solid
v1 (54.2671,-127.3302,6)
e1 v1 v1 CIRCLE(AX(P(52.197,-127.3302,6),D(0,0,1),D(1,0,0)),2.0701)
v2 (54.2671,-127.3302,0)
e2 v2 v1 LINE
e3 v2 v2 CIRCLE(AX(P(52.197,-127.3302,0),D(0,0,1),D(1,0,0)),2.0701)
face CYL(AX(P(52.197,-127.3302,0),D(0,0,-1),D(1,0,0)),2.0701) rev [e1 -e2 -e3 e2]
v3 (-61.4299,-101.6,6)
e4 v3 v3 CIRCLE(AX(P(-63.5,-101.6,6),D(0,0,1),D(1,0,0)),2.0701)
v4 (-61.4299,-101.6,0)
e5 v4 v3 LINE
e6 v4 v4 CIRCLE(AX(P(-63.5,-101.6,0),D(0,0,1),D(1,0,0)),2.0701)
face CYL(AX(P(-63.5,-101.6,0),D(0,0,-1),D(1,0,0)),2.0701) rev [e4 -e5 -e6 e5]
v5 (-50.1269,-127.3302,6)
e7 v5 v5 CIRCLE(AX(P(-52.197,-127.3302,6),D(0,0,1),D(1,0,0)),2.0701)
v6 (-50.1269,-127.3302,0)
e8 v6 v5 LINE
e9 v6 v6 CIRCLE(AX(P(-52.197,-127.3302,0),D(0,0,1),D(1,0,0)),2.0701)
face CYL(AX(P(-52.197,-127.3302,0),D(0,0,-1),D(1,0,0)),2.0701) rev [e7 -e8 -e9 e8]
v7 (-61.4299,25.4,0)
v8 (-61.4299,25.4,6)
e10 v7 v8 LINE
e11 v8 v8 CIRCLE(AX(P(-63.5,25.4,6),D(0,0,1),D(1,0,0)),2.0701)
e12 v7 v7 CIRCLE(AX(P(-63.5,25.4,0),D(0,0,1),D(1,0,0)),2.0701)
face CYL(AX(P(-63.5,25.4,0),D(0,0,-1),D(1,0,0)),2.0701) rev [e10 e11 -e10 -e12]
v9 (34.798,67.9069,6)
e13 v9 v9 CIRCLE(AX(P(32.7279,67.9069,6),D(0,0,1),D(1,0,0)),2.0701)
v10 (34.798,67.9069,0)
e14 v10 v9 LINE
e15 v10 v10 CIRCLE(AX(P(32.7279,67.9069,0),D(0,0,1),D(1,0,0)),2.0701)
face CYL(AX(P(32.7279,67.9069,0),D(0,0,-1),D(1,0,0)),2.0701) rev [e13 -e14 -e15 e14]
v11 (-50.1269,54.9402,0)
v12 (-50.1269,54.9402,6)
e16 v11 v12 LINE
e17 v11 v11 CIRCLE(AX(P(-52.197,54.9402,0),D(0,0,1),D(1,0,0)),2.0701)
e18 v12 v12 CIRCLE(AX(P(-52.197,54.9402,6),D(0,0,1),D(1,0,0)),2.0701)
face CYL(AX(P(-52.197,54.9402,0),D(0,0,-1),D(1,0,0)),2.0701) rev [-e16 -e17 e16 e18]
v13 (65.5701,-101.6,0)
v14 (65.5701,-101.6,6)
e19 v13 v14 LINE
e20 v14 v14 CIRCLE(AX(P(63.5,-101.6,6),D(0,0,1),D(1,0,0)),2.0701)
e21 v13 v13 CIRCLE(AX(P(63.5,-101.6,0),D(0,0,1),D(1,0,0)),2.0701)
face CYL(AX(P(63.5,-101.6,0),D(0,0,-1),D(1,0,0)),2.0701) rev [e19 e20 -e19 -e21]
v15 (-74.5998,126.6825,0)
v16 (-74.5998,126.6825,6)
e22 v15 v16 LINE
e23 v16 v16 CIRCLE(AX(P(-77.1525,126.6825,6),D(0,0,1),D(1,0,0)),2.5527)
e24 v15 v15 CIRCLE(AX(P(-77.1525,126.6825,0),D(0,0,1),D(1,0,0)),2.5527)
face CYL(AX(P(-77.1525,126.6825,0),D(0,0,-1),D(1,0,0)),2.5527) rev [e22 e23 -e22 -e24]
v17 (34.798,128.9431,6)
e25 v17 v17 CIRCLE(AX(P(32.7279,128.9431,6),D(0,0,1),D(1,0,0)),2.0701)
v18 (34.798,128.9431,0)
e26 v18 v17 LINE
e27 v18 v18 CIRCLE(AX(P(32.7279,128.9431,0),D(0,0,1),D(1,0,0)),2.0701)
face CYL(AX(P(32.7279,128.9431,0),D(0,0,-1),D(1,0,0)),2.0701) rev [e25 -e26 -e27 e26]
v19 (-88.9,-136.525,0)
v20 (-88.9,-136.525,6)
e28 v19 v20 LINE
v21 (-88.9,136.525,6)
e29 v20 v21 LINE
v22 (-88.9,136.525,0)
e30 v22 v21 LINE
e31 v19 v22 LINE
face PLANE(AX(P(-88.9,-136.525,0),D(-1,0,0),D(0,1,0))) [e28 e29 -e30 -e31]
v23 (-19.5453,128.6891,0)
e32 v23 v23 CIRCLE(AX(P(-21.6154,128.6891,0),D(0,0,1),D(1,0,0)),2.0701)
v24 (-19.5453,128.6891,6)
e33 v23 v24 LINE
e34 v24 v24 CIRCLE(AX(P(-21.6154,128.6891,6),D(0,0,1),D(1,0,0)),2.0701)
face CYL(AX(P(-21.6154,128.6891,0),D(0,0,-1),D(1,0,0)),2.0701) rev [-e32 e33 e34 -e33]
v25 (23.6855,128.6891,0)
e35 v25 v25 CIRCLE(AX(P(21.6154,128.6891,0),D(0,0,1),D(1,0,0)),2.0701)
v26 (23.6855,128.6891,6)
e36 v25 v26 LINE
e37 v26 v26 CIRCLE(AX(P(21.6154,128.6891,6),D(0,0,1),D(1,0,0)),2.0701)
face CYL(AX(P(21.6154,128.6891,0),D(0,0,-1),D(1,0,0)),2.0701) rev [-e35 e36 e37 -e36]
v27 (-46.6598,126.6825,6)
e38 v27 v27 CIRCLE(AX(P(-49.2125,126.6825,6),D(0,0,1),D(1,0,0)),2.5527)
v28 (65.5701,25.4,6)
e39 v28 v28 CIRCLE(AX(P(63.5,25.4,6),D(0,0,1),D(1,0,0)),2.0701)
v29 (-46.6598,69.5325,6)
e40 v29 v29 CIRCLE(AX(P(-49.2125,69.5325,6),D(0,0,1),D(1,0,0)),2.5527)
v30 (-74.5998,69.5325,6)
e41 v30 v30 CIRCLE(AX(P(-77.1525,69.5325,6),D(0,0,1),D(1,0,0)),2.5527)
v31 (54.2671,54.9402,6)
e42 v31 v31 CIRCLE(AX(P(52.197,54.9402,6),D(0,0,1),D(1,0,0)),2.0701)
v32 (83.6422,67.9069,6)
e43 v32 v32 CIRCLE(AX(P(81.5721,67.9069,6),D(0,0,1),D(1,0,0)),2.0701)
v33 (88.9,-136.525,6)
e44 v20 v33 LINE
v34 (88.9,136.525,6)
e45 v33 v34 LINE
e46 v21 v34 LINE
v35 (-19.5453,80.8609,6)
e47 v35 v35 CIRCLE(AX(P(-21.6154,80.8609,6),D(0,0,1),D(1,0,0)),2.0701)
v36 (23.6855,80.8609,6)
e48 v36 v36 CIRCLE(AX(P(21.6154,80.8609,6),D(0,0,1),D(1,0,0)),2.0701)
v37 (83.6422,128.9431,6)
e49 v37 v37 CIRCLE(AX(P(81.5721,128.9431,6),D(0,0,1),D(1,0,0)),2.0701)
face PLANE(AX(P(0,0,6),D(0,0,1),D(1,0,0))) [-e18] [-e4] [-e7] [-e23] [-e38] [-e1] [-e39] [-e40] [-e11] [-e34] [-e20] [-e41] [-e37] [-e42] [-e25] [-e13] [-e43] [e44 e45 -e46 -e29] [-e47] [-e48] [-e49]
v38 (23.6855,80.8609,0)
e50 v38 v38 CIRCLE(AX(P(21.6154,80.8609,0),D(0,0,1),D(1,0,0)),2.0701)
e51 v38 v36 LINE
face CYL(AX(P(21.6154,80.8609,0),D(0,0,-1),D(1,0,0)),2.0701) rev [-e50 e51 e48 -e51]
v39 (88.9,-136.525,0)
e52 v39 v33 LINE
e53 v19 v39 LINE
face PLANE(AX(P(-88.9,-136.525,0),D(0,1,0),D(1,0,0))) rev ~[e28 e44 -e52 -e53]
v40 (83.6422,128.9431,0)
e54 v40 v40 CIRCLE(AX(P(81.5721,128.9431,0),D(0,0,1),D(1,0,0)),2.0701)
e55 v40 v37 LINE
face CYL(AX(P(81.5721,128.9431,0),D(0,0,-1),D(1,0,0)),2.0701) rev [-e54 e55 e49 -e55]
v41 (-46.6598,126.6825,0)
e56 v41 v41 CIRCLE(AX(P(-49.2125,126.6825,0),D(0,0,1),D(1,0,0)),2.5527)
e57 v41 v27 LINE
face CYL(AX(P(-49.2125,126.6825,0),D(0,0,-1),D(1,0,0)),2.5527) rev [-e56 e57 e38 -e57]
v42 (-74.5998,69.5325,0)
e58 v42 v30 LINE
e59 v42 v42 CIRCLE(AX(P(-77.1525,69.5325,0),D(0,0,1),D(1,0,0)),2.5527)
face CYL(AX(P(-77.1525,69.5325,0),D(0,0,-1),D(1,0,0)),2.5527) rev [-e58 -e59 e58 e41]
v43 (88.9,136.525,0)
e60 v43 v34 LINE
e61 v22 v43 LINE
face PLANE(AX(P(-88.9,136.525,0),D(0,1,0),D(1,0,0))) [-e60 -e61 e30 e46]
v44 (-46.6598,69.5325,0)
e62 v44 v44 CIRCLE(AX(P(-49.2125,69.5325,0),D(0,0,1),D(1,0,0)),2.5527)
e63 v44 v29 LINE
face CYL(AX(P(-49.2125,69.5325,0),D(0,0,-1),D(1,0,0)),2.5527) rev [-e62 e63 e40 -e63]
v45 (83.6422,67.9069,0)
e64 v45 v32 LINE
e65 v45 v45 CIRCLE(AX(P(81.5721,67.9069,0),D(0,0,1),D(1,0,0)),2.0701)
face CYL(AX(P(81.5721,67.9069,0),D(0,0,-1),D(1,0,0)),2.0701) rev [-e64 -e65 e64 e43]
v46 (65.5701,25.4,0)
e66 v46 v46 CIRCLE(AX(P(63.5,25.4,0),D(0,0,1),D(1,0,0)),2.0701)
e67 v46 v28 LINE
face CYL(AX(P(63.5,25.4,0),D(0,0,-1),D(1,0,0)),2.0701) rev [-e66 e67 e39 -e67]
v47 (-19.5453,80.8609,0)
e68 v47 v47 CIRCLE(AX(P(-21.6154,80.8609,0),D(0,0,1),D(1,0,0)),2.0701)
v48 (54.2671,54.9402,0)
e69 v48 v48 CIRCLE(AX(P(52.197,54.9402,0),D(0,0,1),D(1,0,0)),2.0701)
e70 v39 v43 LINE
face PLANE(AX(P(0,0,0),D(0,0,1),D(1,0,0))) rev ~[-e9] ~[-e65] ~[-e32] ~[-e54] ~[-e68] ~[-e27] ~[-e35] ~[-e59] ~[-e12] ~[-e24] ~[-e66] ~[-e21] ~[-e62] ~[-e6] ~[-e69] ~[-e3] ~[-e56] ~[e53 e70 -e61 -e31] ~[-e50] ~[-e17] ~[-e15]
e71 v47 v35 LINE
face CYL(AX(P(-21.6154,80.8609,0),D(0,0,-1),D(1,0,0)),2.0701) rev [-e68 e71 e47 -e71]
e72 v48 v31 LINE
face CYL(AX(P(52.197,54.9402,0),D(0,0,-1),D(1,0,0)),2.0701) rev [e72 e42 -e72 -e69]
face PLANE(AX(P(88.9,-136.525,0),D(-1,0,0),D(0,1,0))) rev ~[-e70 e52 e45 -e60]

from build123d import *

# Parameters (mm, degrees)
F0_W     = 177.8
F0_H     = 273.05
F0_R     = 2.0701
F0_R_2   = 2.5527
F1_DEPTH = 6


with BuildPart() as f1:
    # F0 (on Top) → F1 (new body)
    with BuildSketch(Plane.XY):
        Rectangle(F0_W, F0_H)
        with Locations((-52.197, -127.3302)):
            Circle(F0_R, mode=Mode.SUBTRACT)
        with Locations((-63.5, -101.6)):
            Circle(F0_R, mode=Mode.SUBTRACT)
        with Locations((52.197, -127.3302)):
            Circle(F0_R, mode=Mode.SUBTRACT)
        with Locations((63.5, -101.6)):
            Circle(F0_R, mode=Mode.SUBTRACT)
        with Locations((-63.5, 25.4)):
            Circle(F0_R, mode=Mode.SUBTRACT)
        with Locations((-52.197, 54.9402)):
            Circle(F0_R, mode=Mode.SUBTRACT)
        with Locations((-77.1525, 69.5325)):
            Circle(F0_R_2, mode=Mode.SUBTRACT)
        with Locations((-49.2125, 69.5325)):
            Circle(F0_R_2, mode=Mode.SUBTRACT)
        with Locations((-77.1525, 126.6825)):
            Circle(F0_R_2, mode=Mode.SUBTRACT)
        with Locations((-49.2125, 126.6825)):
            Circle(F0_R_2, mode=Mode.SUBTRACT)
        with Locations((-21.6154, 80.8609)):
            Circle(F0_R, mode=Mode.SUBTRACT)
        with Locations((-21.6154, 128.6891)):
            Circle(F0_R, mode=Mode.SUBTRACT)
        with Locations((32.7279, 67.9069)):
            Circle(F0_R, mode=Mode.SUBTRACT)
        with Locations((63.5, 25.4)):
            Circle(F0_R, mode=Mode.SUBTRACT)
        with Locations((52.197, 54.9402)):
            Circle(F0_R, mode=Mode.SUBTRACT)
        with Locations((81.5721, 67.9069)):
            Circle(F0_R, mode=Mode.SUBTRACT)
        with Locations((21.6154, 80.8609)):
            Circle(F0_R, mode=Mode.SUBTRACT)
        with Locations((21.6154, 128.6891)):
            Circle(F0_R, mode=Mode.SUBTRACT)
        with Locations((32.7279, 128.9431)):
            Circle(F0_R, mode=Mode.SUBTRACT)
        with Locations((81.5721, 128.9431)):
            Circle(F0_R, mode=Mode.SUBTRACT)
    extrude(amount=F1_DEPTH)


solid = f1.part
